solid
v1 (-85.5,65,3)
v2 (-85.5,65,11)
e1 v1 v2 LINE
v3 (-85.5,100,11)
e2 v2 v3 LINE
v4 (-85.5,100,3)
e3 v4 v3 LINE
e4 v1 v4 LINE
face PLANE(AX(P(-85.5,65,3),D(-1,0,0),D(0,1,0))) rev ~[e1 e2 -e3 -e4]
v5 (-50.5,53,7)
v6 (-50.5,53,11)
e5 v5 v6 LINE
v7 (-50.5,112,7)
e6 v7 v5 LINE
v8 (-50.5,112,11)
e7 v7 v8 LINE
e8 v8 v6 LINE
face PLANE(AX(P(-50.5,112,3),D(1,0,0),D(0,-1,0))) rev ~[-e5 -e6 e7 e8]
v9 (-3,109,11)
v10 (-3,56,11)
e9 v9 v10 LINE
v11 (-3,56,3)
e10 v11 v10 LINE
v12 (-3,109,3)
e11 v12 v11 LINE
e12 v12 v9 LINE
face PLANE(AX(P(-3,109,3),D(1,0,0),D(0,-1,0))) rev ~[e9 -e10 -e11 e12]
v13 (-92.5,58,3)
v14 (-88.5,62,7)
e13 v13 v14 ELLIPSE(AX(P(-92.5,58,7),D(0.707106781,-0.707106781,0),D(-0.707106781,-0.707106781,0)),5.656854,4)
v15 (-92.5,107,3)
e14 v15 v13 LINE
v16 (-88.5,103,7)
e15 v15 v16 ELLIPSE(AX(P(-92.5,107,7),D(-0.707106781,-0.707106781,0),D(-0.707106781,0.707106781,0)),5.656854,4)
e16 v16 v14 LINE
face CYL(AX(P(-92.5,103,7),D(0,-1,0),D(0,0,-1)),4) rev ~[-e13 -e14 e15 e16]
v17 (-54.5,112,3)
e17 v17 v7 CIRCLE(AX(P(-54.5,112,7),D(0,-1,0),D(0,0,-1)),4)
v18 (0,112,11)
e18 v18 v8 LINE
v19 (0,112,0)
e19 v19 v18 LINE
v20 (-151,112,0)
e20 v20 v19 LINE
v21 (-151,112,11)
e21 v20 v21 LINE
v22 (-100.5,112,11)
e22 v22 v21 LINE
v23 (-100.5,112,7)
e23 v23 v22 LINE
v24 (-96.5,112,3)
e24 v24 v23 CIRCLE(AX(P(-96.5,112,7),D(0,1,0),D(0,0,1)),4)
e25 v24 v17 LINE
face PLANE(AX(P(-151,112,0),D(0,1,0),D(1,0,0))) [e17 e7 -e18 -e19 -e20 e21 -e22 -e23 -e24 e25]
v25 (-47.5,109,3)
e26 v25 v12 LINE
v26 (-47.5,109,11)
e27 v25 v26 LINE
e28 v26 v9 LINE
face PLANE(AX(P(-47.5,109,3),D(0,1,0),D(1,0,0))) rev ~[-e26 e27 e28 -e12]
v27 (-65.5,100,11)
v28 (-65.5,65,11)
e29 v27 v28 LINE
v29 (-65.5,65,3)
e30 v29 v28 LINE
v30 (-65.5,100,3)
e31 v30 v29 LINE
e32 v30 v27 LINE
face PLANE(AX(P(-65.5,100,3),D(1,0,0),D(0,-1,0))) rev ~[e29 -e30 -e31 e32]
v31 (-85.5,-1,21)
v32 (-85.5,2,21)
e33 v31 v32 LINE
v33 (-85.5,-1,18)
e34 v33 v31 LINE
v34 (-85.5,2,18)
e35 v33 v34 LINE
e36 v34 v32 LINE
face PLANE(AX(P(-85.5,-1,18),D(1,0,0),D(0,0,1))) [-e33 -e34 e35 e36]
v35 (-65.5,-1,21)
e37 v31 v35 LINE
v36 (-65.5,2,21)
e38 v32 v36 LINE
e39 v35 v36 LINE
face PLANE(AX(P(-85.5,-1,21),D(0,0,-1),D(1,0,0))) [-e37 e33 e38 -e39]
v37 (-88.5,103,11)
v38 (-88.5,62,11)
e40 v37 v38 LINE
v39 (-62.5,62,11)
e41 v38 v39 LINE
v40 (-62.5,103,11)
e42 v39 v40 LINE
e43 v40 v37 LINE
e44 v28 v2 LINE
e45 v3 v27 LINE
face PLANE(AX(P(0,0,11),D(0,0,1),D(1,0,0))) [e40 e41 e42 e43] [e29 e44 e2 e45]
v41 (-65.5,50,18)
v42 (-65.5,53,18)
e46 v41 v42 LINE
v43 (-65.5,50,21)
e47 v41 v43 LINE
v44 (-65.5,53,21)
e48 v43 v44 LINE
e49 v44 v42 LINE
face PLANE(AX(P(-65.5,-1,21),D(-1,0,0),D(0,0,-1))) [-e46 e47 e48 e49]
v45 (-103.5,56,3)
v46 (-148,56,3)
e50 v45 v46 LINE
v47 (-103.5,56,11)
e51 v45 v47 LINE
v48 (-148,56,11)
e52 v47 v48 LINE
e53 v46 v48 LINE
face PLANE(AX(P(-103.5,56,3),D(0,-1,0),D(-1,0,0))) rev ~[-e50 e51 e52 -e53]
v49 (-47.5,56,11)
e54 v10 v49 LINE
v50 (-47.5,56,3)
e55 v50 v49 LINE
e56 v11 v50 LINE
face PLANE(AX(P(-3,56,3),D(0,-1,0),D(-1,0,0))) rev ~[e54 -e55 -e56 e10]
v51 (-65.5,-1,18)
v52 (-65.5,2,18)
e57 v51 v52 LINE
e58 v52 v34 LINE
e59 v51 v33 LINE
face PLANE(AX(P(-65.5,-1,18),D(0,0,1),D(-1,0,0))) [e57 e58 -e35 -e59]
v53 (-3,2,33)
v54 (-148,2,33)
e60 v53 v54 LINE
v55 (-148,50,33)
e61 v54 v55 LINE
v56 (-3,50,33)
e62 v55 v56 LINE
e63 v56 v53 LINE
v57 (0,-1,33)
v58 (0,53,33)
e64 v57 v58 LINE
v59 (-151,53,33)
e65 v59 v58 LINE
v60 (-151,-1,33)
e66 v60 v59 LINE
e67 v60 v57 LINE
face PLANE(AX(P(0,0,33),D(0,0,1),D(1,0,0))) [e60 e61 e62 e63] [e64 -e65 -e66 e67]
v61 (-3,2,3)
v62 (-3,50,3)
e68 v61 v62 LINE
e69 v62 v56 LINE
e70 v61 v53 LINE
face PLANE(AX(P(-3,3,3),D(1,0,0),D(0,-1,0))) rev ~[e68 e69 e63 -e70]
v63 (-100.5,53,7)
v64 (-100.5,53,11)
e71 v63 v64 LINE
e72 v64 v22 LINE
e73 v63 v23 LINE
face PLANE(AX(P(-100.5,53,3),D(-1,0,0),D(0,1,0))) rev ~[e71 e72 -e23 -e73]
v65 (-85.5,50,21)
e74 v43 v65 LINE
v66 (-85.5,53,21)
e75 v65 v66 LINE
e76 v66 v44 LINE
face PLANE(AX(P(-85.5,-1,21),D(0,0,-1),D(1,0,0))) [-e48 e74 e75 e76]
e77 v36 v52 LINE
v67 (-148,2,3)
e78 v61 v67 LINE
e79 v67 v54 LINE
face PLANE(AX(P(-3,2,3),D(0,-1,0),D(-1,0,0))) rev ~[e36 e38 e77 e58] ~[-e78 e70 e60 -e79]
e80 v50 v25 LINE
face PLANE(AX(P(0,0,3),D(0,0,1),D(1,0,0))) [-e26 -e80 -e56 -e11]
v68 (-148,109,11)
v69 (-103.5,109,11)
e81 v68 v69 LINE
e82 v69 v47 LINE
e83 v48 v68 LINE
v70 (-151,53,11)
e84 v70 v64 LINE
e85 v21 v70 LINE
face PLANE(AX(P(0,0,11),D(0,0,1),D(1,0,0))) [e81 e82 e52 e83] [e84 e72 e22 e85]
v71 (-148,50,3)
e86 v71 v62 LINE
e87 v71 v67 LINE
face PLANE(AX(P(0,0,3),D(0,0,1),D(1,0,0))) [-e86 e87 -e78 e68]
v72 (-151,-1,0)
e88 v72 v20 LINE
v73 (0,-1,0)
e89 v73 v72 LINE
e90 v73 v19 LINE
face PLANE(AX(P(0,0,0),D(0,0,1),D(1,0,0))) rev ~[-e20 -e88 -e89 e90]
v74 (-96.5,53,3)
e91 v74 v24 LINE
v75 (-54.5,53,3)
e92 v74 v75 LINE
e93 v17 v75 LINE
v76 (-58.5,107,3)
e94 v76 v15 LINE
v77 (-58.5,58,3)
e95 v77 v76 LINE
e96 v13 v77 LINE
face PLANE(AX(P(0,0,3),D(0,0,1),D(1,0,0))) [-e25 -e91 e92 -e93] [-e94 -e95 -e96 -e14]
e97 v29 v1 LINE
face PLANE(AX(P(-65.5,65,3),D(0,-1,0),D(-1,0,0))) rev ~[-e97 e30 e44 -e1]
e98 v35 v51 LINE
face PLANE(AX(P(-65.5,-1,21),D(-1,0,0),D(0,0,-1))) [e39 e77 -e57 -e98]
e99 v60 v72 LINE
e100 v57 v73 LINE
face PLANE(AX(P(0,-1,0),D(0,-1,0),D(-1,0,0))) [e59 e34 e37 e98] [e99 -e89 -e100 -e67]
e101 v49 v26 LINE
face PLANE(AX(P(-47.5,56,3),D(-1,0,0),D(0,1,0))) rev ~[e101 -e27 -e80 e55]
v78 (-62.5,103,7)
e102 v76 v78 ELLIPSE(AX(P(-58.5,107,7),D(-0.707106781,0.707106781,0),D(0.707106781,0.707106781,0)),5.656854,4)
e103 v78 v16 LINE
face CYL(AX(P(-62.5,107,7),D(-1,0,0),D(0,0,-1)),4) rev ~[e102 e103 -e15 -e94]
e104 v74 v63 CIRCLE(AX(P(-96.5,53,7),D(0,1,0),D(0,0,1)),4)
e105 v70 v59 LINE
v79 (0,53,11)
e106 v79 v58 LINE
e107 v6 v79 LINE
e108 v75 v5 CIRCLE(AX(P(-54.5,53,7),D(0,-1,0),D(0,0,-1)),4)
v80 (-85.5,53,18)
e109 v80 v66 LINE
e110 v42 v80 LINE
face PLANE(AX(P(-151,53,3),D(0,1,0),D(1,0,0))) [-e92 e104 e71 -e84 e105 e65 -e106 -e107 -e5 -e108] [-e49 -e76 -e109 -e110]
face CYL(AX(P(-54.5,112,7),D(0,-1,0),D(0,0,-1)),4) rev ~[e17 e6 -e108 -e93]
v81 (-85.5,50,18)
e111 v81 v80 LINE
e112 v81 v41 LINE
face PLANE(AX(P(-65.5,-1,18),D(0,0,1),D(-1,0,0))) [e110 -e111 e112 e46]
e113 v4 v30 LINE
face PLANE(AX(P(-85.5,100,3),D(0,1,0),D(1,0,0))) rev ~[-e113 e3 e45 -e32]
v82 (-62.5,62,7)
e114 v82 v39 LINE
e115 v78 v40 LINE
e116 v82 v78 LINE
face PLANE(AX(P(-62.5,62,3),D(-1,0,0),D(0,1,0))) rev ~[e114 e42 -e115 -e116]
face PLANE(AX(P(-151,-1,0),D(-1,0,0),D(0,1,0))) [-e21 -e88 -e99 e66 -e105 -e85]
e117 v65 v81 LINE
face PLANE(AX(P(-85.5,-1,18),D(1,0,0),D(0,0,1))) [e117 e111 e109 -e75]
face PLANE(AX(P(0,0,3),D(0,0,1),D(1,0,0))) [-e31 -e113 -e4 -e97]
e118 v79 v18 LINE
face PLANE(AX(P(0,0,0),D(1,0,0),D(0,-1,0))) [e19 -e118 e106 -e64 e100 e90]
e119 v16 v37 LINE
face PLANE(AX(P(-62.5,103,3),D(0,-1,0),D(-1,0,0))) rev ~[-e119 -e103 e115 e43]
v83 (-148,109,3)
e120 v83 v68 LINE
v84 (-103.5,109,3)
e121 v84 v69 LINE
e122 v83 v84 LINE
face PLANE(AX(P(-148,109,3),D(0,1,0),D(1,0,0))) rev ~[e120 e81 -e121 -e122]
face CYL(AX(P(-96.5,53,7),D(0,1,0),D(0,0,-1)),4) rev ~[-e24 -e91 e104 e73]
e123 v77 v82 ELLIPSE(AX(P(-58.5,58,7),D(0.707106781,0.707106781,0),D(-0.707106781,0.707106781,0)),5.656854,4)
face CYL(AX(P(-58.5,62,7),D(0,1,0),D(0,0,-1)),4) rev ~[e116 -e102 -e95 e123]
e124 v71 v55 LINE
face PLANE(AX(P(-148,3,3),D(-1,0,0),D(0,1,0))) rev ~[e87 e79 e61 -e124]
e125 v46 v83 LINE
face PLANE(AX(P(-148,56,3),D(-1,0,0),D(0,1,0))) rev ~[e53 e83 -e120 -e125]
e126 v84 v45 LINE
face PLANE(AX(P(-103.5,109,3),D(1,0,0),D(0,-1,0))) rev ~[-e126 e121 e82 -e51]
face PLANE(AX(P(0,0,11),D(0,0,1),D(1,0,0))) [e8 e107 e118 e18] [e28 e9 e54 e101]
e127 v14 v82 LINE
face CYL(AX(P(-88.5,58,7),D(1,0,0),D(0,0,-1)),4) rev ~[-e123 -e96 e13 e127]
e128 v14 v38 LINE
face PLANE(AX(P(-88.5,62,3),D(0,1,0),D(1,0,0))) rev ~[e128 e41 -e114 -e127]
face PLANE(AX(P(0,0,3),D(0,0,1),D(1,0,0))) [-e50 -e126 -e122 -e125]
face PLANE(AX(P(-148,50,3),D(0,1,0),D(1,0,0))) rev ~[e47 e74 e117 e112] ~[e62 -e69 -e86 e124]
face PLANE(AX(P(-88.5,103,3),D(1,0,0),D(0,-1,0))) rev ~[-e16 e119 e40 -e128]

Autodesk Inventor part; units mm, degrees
ref_plane "YZ Plane" through (0, 0, 0) normal (1, 0, 0) x (0, 1, 0)
ref_plane "XZ Plane" through (0, 0, 0) normal (0, 1, 0) x (-1, 0, 0)
ref_plane "XY Plane" through (0, 0, 0) normal (0, 0, 1) x (1, 0, 0)
sketch "Sketch1" plane through (0, 0, 0) normal (0, 0, 1) x (1, 0, 0)
  line L0 (0, 0) -> (-151, 0)
  line L1 (-151, 0) -> (-151, 112)
  line L2 (-151, 112) -> (0, 112)
  line L3 (0, 112) -> (0, 0)
  line L4 (-151, 0) -> (0, 0)
  line L5 (0, 0) -> (0, -1)
  line L6 (0, -1) -> (-151, -1)
  line L7 (-151, -1) -> (-151, 0)
  dimension "d0" = 151
  dimension "d1" = 112
  dimension "d35" = 1
extrude "Extrusion1" add sketch "Sketch1" along normal blind 3
sketch "Sketch2" plane through (0, 0, 3) normal (0, 0, 1) x (1, 0, 0)
  line L0 (-151, 0) -> (0, 0) projected
  line L1 (0, 0) -> (-151, 0)
  line L2 (-151, 0) -> (-151, 53)
  line L3 (-151, 53) -> (0, 53)
  line L4 (0, 53) -> (0, 0)
  line L5 (-148, 50) -> (-3, 50)
  line L6 (-3, 50) -> (-3, 3)
  line L7 (-3, 3) -> (-148, 3)
  line L8 (-148, 3) -> (-148, 50)
  line L9 (-151, -1) -> (0, -1) projected
  line L10 (-151, 112) -> (-151, -1) projected
  line L11 (0, -1) -> (0, 112) projected
  line L12 (-148, 3) -> (-3, 3)
  line L13 (-3, 3) -> (-3, 2)
  line L14 (-3, 2) -> (-148, 2)
  line L15 (-148, 2) -> (-148, 3)
  dimension "d4" = 151
  dimension "d5" = 53
  dimension "d6" = 3
  dimension "d7" = 3
  dimension "d8" = 3
  dimension "d9" = 3
  dimension "d36" = 1
extrude "Extrusion2" add sketch "Sketch2" along normal blind 30
sketch "Sketch3" plane through (0, 0, 3) normal (0, 0, 1) x (1, 0, 0)
  line L0 (-148, 109) -> (-103.5, 109)
  line L1 (-103.5, 109) -> (-103.5, 56)
  line L2 (-103.5, 56) -> (-148, 56)
  line L3 (-148, 56) -> (-148, 109)
  line L4 (-47.5, 109) -> (-3, 109)
  line L5 (-3, 109) -> (-3, 56)
  line L6 (-3, 56) -> (-47.5, 56)
  line L7 (-47.5, 56) -> (-47.5, 109)
  line L8 (0, 112) -> (-151, 112) projected
  line L9 (-151, 112) -> (-151, 53) projected
  line L10 (0, 53) -> (0, 112) projected
  line L11 (-85.5, 100) -> (-65.5, 100)
  line L12 (-65.5, 100) -> (-65.5, 65)
  line L13 (-65.5, 65) -> (-85.5, 65)
  line L14 (-85.5, 65) -> (-85.5, 100)
  line L15 (-62.5, 103) -> (-88.5, 103)
  line L16 (-88.5, 103) -> (-88.5, 62)
  line L17 (-88.5, 62) -> (-62.5, 62)
  line L18 (-62.5, 62) -> (-62.5, 103)
  line L19 (-100.5, 112) -> (-151, 112)
  line L20 (-151, 112) -> (-151, 53)
  line L21 (-151, 53) -> (-100.5, 53)
  line L22 (-100.5, 53) -> (-100.5, 112)
  line L23 (0, 112) -> (-50.5, 112)
  line L24 (-50.5, 112) -> (-50.5, 53)
  line L25 (-50.5, 53) -> (0, 53)
  line L26 (0, 53) -> (0, 112)
  point P0 (0, 0)
  dimension "d12" = 44.5
  dimension "d13" = 53
  dimension "d14" = 44.5
  dimension "d15" = 53
  dimension "d16" = 3
  dimension "d17" = 3
  dimension "d18" = 3
  dimension "d19" = 20
  dimension "d20" = 35
  dimension "d21" = 12
  dimension "d22" = 18
  dimension "d23" = 3
  dimension "d24" = 3
  dimension "d25" = 3
extrude "Extrusion3" add sketch "Sketch3" along normal blind 8
fillet "Fillet1" radius 4 6 edges at (-100.5, 82.5, 3) (-62.5, 82.5, 3) (-50.5, 82.5, 3) (-75.5, 103, 3) (-88.5, 82.5, 3) (-75.5, 62, 3)
sketch "Sketch6" plane through (-151, -1, 0) normal (0, -1, 0) x (1, 0, 0)
  line L0 (65.5, 21) -> (85.5, 21)
  line L1 (85.5, 21) -> (85.5, 18)
  line L2 (85.5, 18) -> (65.5, 18)
  line L3 (65.5, 18) -> (65.5, 21)
  line L4 (0, 0) -> (0, 33) projected
  line L5 (0, 33) -> (151, 33) projected
  point P0 (151, 0)
  dimension "d37" = 20
  dimension "d38" = 3
  dimension "d39" = 65.5
  dimension "d40" = 12
extrude "Extrusion5" cut sketch "Sketch6" against normal up to surface (54 mm away)
properties part number "bateria_mocowanie"
